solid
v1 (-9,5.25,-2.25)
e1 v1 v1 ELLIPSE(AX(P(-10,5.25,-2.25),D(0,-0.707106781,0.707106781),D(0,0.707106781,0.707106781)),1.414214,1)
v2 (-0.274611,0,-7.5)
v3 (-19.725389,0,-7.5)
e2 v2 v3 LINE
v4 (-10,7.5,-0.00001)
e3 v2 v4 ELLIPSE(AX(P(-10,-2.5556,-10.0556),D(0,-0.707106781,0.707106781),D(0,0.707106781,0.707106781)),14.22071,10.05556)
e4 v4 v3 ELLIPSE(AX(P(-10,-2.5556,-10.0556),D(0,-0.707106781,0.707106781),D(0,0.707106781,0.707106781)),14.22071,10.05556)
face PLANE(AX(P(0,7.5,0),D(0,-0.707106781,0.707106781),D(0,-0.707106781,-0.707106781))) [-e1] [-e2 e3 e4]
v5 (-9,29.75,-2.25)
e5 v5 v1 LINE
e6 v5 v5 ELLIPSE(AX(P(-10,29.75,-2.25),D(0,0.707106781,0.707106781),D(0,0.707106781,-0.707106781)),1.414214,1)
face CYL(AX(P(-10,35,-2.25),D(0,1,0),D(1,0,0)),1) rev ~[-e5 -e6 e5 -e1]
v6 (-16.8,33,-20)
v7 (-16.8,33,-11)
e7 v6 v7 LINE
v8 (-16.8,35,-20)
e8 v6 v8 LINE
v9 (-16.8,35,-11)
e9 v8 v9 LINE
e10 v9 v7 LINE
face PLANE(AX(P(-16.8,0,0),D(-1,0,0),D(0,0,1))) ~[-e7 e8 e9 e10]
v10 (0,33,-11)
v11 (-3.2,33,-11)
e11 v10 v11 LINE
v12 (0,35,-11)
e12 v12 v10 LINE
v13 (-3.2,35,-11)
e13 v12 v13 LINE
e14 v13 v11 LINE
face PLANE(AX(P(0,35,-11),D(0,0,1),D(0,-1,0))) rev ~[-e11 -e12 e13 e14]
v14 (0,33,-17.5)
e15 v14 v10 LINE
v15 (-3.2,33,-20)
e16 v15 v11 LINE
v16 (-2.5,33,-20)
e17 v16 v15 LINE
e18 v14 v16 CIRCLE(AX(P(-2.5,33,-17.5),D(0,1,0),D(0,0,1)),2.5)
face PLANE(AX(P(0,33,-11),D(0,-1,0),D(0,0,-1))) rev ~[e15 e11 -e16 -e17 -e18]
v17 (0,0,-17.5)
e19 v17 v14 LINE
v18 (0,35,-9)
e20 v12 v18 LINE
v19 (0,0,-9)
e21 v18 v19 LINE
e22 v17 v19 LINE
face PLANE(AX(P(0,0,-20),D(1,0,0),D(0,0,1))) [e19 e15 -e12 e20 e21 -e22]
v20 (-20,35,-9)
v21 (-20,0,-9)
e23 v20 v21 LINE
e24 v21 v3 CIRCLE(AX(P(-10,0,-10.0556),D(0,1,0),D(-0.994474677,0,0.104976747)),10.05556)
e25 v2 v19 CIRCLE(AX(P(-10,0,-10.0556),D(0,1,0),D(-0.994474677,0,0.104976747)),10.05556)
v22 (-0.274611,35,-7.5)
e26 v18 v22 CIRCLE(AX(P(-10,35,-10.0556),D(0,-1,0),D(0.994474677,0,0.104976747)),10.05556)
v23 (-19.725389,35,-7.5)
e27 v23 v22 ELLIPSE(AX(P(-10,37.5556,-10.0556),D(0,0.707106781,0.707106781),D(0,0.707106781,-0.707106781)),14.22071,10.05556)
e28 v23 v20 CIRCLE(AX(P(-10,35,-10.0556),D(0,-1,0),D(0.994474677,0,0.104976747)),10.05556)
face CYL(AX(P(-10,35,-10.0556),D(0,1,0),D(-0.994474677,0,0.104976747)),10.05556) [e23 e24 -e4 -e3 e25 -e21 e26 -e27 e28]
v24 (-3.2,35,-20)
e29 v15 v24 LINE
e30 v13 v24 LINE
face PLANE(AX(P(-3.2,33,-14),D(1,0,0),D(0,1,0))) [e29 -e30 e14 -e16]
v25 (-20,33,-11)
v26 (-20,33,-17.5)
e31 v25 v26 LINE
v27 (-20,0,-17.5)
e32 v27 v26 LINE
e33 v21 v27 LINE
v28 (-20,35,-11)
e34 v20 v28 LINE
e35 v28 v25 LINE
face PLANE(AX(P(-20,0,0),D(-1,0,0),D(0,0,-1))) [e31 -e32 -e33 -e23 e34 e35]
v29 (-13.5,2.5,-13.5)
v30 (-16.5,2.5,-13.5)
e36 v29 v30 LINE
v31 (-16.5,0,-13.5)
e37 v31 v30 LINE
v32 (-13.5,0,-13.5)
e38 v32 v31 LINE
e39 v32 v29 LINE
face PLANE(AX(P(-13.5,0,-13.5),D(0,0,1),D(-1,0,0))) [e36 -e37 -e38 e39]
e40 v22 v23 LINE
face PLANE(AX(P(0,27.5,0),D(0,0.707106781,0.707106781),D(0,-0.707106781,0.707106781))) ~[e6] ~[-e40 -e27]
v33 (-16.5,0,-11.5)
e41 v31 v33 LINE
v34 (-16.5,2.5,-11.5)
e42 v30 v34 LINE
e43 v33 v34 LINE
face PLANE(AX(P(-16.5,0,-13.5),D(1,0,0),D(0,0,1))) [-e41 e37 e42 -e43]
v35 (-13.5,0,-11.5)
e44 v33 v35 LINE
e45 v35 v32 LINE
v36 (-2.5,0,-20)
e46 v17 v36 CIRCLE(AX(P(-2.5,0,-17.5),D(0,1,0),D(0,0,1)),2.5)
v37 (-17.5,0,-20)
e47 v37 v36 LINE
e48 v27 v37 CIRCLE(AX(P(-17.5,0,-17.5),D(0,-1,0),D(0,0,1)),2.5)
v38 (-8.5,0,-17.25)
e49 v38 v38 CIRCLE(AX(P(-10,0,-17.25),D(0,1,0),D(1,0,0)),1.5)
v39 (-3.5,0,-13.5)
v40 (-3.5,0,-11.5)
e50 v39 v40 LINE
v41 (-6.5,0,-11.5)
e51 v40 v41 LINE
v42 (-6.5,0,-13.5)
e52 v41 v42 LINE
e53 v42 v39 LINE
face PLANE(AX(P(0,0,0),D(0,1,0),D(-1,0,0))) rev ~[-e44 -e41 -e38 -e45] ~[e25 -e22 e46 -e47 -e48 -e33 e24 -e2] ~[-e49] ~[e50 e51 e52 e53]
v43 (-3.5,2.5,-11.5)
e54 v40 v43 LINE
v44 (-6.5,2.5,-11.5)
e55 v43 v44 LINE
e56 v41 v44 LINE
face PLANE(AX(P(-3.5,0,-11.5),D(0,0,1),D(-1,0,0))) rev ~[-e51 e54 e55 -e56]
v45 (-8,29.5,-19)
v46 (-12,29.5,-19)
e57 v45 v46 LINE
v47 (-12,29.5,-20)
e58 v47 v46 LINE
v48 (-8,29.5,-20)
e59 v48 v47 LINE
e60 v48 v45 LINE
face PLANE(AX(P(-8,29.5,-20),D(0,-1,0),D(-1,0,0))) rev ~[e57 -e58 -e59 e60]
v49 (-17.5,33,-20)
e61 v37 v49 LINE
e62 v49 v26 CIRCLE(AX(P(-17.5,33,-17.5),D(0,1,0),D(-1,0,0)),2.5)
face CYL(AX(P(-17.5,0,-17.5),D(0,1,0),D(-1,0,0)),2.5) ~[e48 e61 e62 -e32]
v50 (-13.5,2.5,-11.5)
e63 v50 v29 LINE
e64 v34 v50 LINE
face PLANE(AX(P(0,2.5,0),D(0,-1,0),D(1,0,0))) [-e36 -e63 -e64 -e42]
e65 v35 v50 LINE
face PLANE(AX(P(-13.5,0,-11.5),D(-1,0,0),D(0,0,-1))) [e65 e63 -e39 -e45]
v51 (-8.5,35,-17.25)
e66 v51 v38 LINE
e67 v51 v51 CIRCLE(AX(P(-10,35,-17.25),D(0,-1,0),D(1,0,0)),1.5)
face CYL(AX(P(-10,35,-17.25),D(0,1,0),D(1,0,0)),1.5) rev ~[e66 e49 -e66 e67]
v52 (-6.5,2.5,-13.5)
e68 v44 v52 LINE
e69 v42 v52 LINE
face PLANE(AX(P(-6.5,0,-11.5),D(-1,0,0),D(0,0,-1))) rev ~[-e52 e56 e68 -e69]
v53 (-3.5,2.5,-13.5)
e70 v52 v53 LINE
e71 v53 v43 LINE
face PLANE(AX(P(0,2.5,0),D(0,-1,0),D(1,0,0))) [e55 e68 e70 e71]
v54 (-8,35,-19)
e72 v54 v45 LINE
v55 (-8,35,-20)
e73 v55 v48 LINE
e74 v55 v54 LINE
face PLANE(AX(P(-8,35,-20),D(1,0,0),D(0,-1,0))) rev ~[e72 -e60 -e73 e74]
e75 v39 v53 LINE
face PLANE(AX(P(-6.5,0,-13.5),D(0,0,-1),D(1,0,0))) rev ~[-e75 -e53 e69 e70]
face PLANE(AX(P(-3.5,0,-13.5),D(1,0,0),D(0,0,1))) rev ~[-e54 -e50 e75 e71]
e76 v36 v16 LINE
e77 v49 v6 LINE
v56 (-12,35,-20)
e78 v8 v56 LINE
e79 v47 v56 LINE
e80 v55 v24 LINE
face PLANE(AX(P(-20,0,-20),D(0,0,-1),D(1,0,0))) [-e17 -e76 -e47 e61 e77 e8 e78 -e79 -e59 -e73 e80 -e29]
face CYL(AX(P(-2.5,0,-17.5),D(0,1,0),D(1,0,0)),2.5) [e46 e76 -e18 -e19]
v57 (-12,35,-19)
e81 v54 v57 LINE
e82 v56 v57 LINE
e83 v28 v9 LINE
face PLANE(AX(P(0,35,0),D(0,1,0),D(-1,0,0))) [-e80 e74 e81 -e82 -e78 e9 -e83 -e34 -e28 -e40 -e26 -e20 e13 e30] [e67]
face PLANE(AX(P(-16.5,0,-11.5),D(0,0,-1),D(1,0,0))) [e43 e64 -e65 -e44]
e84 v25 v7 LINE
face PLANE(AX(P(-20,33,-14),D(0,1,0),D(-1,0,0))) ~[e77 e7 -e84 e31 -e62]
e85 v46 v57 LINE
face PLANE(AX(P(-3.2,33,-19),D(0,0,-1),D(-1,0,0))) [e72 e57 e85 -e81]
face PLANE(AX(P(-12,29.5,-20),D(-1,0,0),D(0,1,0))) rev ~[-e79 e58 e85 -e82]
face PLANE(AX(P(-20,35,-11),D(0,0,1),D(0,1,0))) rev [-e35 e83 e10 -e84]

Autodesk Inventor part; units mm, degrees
sketch "Sketch1" plane through (0, 0, 0) normal (0, 1, 0) x (-1, 0, 0)
  line L0 (0, 0) -> (20, 0)
  line L1 (20, 0) -> (20, -20)
  line L2 (20, -20) -> (0, -20)
  line L3 (0, -20) -> (0, 0)
  dimension "d0" = 20
  dimension "d1" = 20
extrude "Extrusion1" add sketch "Sketch1" along normal blind 35
sketch "Sketch3" plane through (0, 0, 0) normal (1, 0, 0) x (0, 0, -1)
  line L0 (0, 35) -> (20, 35) projected
  line L1 (20, 35) -> (0, 35) projected
  line L2 (20, 35) -> (12.5, 35)
  line L3 (12.5, 35) -> (14, 35)
  line L4 (12.5, 35) -> (11, 35)
  line L5 (14, 35) -> (18.5, 35)
  line L6 (18.5, 35) -> (18.5, 33)
  line L7 (18.5, 33) -> (14, 35)
  line L8 (11, 35) -> (6.5, 35)
  line L9 (6.5, 35) -> (6.5, 33)
  line L10 (6.5, 33) -> (11, 35)
  line L11 (6.5, 33) -> (18.5, 33)
  line L12 (11, 35) -> (11, 33)
  line L13 (14, 35) -> (14, 33)
  point P0 (0, 0)
  dimension "d55" = 7.5
  dimension "d56" = 1.5
  dimension "d57" = 1.5
  dimension "d58" = 4.5
  dimension "d59" = 2
  dimension "d60" = 4.5
  dimension "d61" = 2
extrude "Extrusion3" cut sketch "Sketch3" against normal blind 3.2 contours L0 L13 L11 L12
sketch "Sketch9" plane through (0, 33, -14) normal (0, 0, 1) x (1, 0, 0)
  line L0 (0, 0) -> (-3.2, 0) projected
  line L1 (-3.2, 2) -> (0, 2) projected
  line L2 (0, 0) -> (-3.2, 0)
  line L3 (-3.2, 0) -> (-3.2, 2)
  line L4 (-3.2, 2) -> (0, 2)
  line L5 (0, 2) -> (0, 0)
  point P0 (0, -33)
extrude "Extrusion9" cut sketch "Sketch9" against normal up to surface (6 mm away)
ref_plane "Work Plane1" through (-10, 35, -20) normal (-1, 0, 0) x (0, -1, 0)
sketch "Sketch4" plane through (0, 0, 0) normal (0, -1, 0) x (1, 0, 0)
  line L0 (-20, 0) -> (0, 0) projected
  line L1 (0, -20) -> (-20, -20) projected
  line L2 (0, -20) -> (-20, -20) projected
  line L3 (0, -20) -> (-3.5, -20)
  line L4 (-3.5, -20) -> (-3.5, -13.5)
  line L5 (-3.5, -13.5) -> (-3.5, -11.5)
  line L6 (-3.5, -11.5) -> (-6.5, -11.5)
  line L7 (-6.5, -11.5) -> (-6.5, -13.5)
  line L8 (-6.5, -13.5) -> (-3.5, -13.5)
  line L9 (-10, -20) -> (-10, 0)
  line L10 (-20, 0) -> (0, 0) projected
  line L11 (-16.5, -13.5) -> (-16.5, -11.5)
  line L12 (-16.5, -11.5) -> (-13.5, -11.5)
  line L13 (-13.5, -11.5) -> (-13.5, -13.5)
  line L14 (-13.5, -13.5) -> (-16.5, -13.5)
  dimension "d62" = 3.5
  dimension "d63" = 6.5
  dimension "d64" = 2
  dimension "d65" = 3
  dimension "d66" = 2
extrude "Extrusion4" cut sketch "Sketch4" against normal blind 2.5
fillet "Fillet3" radius 2.5 4 edges at (0, 17.5, 0) (-20, 17.5, 0) (-20, 17.5, -20) (0, 16.5, -20)
sketch "Sketch6" plane through (0, 35, 0) normal (0, 1, 0) x (1, 0, 0)
  line L0 (-2, 0) -> (-18, 0) projected
  line L1 (-10, 0) -> (-10, 20)
  line L2 (-18, 20) -> (-2, 20) projected
  line L3 (-10, 0) -> (-10, 1.25)
  circle A0 centre (-10, 10) radius 8.75
  line L4 (-10, 1.25) -> (-11, 1.25)
  line L5 (-10, 1.25) -> (-9, 1.25)
  line L6 (-10, 1.25) -> (-9, 1.25) construction
  line L7 (-9, 1.25) -> (-9, 20)
  line L8 (-2, 20) -> (-18, 20) projected
  line L9 (-9, 20) -> (-11, 20)
  line L10 (-11, 20) -> (-11, 1.25)
  circle A1 centre (-10, 17.25) radius 1.5
  circle A2 centre (-10, 2.25) radius 1
  point P0 (0, 0)
  point P1 (-11, 18.6927)
  point P2 (-11, 1.3073)
  point P3 (-9, 1.3073)
  point P4 (-9, 18.6927)
  dimension "d40" = 1.25
  dimension "d41" = 1
  dimension "d42" = 1
  dimension "d43" = 0
  dimension "d44" = 90
  dimension "d45" = 2
  dimension "d69" = 3
  dimension "d70" = 2
  dimension "d71" = 0
  dimension "d72" = 0
  dimension "d73" = 0
ref_plane "Work Plane2" through (0, 2, -2) normal (1, 0, 0) x (0, 0, -1)
sketch "Sketch7" plane through (0, 2, -2) normal (1, 0, 0) x (0, 0, -1)
  line L0 (-2, -2) -> (-2, 5.5)
  line L1 (-2, -2) -> (-2, 33) projected
  line L2 (-2, 5.5) -> (5.5, -2)
  line L3 (5.5, -2) -> (-2, -2)
  line L4 (7, -2) -> (7, 0.2) projected
  point P0 (-2, 0)
  point P1 (-2, 31)
  dimension "d36" = 7.5
  dimension "d37" = 45
extrude "Extrusion6" cut sketch "Sketch7" against normal up to surface (20 mm away)
extrude "Extrusion7" cut sketch "Sketch6" against normal up to surface (35 mm away) contours A2 L1 | L1 A2 | A1 L10 L1 | L1 A1 L7 | L7 A1 | A1 L10
sketch "Sketch8" plane through (0, 35, 0) normal (0, 1, 0) x (1, 0, 0)
  line L0 (-9, 18.6927) -> (-9, 1.3073) projected
  line L1 (-11, 1.3073) -> (-11, 18.6927) projected
  arc A0 (-11, 1.3073) -> (-9, 1.3073) centre (-10, 10) ccw projected
  arc A1 (-9, 18.6927) -> (-11, 18.6927) centre (-10, 10) ccw projected
  circle A2 centre (-10, 10) radius 8.75
  line L2 (-3.2, 11) -> (0, 11) projected
  line L3 (-20, 11) -> (-16.8, 11) projected
  line L4 (-16.8, 9) -> (-20, 9) projected
  line L5 (0, 9) -> (-3.2, 9) projected
  arc A3 (-20, 9) -> (0, 9) centre (-10, 10.0556) ccw
  line L6 (-3.2, 20) -> (-17.5, 20) projected
  arc A4 (-17.5, 20) -> (-20, 17.5) centre (-17.5, 17.5) ccw projected
  line L7 (-20, 17.5) -> (-20, 2.5) projected
  arc A5 (-20, 2.5) -> (-17.5, 0) centre (-17.5, 2.5) ccw projected
  line L8 (-17.5, 0) -> (-2.5, 0) projected
  arc A6 (-2.5, 0) -> (0, 2.5) centre (-2.5, 2.5) ccw projected
  line L9 (0, 2.5) -> (0, 11) projected
  line L10 (0, 11) -> (-3.2, 11) projected
  line L11 (-3.2, 11) -> (-3.2, 20) projected
  point P0 (0, 0)
  point P1 (-10, 0)
  dimension "d51" = 17.5
extrude "Extrusion8" cut sketch "Sketch8" against normal up to surface (35 mm away) contours L9 A6 L8 A3 | A3 L8 A5 L7
mirror "Mirror2" about plane through (-10, 35, -20) normal (-1, 0, 0) of "Extrusion3", "Extrusion9"
ref_plane "Work Plane3" through (-20, 17.5, -9) normal (0, 1, 0) x (-1, 0, 0)
mirror "Mirror3" about plane through (-20, 17.5, -9) normal (0, 1, 0) of "Extrusion6"
sketch "Sketch11" plane through (-3.2, 33, -20) normal (0, 0, -1) x (-1, 0, 0)
  line L0 (0, 2) -> (13.6, 2) projected
  line L1 (5.3, 2) -> (8.3, 2) projected
  line L2 (6.8, 2) -> (12.3, 2) construction
  line L3 (8.8, 2) -> (4.8, 2)
  line L4 (4.8, 2) -> (4.8, -3.5)
  line L5 (4.8, -3.5) -> (8.8, -3.5)
  line L6 (8.8, -3.5) -> (8.8, 2)
  point P0 (-3.2, -33)
  point P1 (6.8, 2)
  point P2 (6.8, 2)
  point P3 (4.8, 2)
  dimension "d76" = 4
  dimension "d77" = 5.5
  dimension "d78" = 0
  dimension "d79" = 0
extrude "Extrusion10" cut sketch "Sketch11" against normal blind 1
properties part number "BaseKnuckle"
